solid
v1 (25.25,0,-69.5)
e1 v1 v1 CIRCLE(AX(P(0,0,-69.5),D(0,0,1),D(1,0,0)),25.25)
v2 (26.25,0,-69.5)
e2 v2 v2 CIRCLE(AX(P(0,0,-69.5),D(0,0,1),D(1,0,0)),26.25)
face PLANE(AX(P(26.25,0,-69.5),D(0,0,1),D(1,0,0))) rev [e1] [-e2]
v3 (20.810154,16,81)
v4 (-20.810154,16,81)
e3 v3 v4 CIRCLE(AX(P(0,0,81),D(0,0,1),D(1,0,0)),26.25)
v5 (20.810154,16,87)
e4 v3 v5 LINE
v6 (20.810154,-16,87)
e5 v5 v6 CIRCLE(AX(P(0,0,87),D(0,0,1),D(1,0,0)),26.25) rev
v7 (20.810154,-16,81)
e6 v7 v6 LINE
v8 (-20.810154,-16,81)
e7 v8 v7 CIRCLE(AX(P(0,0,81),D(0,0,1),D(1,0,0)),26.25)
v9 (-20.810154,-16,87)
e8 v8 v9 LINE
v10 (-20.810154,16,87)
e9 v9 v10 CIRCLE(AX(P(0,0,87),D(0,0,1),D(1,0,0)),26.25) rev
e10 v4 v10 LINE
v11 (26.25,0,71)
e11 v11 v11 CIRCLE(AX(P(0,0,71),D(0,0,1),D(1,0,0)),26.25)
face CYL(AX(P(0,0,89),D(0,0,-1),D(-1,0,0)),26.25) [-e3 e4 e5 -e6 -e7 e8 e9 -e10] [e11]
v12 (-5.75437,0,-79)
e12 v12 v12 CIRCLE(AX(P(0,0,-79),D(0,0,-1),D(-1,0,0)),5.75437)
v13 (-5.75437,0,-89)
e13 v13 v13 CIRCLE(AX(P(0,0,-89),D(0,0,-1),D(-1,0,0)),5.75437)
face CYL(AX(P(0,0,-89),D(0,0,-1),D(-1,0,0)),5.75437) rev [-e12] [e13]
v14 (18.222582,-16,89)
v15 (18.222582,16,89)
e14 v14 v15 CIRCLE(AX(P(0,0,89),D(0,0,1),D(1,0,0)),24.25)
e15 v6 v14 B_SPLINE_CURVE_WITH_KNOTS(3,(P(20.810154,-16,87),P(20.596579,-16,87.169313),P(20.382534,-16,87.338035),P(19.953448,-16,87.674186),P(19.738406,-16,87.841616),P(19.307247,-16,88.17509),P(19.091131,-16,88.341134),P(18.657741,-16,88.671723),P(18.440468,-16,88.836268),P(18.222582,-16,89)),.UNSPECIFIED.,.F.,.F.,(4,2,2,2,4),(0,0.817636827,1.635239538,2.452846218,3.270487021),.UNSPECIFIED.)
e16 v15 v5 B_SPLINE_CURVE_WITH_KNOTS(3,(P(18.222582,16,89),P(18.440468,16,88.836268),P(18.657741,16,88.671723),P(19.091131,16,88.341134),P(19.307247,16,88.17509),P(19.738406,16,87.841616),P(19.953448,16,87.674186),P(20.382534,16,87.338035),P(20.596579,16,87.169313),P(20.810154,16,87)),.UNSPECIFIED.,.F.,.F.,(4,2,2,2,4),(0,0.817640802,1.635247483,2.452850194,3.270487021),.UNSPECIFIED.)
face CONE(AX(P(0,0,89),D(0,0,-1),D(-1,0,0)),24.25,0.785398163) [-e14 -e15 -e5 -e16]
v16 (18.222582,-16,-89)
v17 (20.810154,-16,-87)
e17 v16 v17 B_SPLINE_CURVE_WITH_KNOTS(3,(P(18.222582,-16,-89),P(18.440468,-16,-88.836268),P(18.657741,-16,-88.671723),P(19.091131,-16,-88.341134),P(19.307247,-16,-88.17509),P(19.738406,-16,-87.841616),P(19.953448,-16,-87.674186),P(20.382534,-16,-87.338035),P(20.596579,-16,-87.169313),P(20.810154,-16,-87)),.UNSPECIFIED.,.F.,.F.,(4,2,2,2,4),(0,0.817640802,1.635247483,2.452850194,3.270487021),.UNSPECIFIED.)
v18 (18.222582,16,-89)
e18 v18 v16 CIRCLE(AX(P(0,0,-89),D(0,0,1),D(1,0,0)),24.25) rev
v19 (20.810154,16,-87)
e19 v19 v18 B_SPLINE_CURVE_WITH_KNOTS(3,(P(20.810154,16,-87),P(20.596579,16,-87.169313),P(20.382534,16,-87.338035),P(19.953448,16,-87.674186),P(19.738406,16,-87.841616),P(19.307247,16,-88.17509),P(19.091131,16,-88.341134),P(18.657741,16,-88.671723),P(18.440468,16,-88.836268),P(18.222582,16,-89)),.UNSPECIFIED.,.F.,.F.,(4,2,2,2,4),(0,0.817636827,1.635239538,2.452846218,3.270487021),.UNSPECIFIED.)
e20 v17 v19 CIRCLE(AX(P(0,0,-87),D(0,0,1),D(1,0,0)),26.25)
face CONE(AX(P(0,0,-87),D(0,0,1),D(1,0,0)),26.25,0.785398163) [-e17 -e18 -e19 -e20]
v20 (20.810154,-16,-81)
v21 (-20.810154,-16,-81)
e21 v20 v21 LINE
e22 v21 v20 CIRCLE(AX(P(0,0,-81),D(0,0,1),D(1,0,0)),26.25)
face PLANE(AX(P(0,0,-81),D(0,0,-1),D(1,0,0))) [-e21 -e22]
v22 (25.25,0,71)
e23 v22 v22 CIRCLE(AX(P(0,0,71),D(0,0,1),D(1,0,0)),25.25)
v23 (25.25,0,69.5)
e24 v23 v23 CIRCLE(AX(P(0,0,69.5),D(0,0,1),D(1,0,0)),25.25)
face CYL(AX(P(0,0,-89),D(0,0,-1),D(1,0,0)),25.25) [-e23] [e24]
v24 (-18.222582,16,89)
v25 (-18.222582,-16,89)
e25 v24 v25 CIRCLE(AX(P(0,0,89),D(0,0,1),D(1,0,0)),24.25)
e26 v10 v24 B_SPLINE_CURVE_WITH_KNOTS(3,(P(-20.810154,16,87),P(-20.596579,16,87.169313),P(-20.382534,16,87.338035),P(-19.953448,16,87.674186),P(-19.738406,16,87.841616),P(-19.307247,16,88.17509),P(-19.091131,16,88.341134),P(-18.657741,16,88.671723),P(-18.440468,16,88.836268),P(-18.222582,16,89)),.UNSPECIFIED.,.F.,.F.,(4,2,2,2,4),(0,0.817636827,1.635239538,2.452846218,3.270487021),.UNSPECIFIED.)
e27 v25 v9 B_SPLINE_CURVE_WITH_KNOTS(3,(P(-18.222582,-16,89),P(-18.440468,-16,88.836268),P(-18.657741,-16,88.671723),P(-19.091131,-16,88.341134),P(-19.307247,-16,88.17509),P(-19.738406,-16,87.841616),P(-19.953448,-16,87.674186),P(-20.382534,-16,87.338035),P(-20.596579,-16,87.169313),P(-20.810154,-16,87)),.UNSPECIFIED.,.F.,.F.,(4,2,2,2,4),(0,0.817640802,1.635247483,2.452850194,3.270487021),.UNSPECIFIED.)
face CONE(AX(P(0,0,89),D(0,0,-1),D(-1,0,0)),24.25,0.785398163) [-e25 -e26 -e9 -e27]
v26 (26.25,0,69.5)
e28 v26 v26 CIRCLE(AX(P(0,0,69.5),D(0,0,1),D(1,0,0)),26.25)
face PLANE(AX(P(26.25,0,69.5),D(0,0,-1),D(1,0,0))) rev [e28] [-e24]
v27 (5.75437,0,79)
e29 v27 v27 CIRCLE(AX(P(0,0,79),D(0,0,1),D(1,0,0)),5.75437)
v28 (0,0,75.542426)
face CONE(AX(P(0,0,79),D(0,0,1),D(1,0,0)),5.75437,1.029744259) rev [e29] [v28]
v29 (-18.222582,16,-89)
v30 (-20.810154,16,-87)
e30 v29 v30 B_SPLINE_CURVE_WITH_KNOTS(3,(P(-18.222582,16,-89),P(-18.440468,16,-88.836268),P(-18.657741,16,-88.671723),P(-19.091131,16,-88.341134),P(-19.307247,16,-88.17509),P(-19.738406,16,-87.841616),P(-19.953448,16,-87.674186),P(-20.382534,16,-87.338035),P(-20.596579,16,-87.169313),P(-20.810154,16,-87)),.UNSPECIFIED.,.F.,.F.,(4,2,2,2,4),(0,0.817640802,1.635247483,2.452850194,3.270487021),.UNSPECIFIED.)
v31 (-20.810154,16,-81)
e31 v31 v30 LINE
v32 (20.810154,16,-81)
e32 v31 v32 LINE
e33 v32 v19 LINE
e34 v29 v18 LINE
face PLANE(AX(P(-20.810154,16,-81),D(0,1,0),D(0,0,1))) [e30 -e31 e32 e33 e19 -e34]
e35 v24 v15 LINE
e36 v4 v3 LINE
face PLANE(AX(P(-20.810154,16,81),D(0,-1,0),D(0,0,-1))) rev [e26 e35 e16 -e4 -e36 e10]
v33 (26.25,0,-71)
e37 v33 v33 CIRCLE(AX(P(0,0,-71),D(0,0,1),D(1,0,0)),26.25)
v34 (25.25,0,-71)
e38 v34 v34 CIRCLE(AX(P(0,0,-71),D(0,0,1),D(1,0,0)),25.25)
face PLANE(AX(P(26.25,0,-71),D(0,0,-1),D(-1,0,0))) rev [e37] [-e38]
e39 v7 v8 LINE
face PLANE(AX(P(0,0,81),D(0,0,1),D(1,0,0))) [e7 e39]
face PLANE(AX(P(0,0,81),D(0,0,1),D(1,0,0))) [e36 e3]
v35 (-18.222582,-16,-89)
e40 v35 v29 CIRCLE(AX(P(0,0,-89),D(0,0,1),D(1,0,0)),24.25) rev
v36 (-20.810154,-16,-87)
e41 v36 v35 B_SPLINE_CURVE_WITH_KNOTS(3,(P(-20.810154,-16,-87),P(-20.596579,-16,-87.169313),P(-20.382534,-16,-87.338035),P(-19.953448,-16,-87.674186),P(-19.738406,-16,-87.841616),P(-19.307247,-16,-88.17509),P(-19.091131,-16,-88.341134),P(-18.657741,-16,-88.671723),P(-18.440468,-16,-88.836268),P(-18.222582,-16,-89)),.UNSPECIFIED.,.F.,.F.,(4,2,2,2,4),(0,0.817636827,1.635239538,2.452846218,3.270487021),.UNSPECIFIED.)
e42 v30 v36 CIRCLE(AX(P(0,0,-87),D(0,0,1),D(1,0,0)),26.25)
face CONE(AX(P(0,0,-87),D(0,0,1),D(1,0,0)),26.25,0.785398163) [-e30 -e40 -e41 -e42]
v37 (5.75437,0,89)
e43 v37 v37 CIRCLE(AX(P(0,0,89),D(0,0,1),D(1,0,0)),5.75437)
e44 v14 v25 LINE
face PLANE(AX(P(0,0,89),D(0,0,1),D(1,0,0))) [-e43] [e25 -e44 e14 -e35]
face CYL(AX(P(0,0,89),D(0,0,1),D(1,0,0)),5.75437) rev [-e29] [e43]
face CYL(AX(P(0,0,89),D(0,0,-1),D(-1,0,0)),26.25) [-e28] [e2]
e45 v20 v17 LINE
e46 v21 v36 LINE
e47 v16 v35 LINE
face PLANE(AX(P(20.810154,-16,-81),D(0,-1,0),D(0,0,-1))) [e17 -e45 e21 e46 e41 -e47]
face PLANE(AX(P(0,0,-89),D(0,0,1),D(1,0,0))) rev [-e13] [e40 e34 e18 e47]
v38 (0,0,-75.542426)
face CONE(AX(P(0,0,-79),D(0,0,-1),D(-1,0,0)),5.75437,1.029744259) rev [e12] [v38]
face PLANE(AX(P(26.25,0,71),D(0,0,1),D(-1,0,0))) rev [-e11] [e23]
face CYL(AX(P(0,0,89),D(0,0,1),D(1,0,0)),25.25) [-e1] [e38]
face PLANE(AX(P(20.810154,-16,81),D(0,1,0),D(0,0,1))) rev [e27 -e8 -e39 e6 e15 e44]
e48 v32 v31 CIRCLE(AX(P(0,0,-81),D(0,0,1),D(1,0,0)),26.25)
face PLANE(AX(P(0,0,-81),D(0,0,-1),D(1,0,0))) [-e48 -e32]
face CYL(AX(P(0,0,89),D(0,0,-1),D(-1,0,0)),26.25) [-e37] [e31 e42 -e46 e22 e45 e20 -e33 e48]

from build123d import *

# Parameters (mm, degrees)
SKETCH1_R           = 26.25
BOSS_EXTRUDE1_DEPTH = 89
CUT_EXTRUDE1_DEPTH  = 8
SKETCH29_W          = 1
SKETCH29_H          = 1.5
CHAMFER1_SIZE       = 2


with BuildPart() as part:
    # Sketch1 → Boss-Extrude1 (new, symmetric)
    with BuildSketch(Plane.XY):
        Circle(SKETCH1_R)
    extrude(amount=BOSS_EXTRUDE1_DEPTH, both=True)

    # Sketch2 → Cut-Extrude1 (cut)
    with BuildSketch(Plane.XY.offset(89)):
        with BuildLine():
            Line((-20.810153772, 16), (20.810153772, 16))
            ThreePointArc((20.810153772, 16), (0, 26.25), (-20.810153772, 16))
        make_face()
        with BuildLine():
            Line((20.810153772, -16), (-20.810153772, -16))
            ThreePointArc((-20.810153772, -16), (0, -26.25), (20.810153772, -16))
        make_face()
    cut_extrude1 = extrude(amount=-CUT_EXTRUDE1_DEPTH, mode=Mode.SUBTRACT)

    # Sketch27 → 1/2-20 Tapped Hole3 (revolve, cut)
    with BuildSketch(Plane(origin=(0, 0, 89), x_dir=(0, -1, 0), z_dir=(1, 0, 0))):
        Polygon((0, 0), (0, 13.45757432), (5.75437, 10), (5.75437, 0), align=None)
    f_1_2_20_tapped_hole3 = revolve(axis=Axis((0, 0, 95.35), (0, 0, -1)), mode=Mode.SUBTRACT)

    # Mirror2: Cut-Extrude1, 1/2-20 Tapped Hole3 across plane
    add(cut_extrude1.mirror(Plane.XY), mode=Mode.SUBTRACT)
    add(f_1_2_20_tapped_hole3.mirror(Plane.XY), mode=Mode.SUBTRACT)

    # Sketch29 → Cut-Revolve1 (revolve, cut)
    with BuildSketch(Plane(origin=(0, 0, 0), x_dir=(1, 0, 0), z_dir=(0, 1, 0)), mode=Mode.PRIVATE) as cut_revolve1_sk:
        with Locations((25.75, 70.25)):
            Rectangle(SKETCH29_W, SKETCH29_H)
    cut_revolve1 = revolve(cut_revolve1_sk.sketch.rotate(Axis((0, 0, 89), (0, 0, -1)), 217.555079253), axis=Axis((0, 0, 89), (0, 0, -1)), mode=Mode.SUBTRACT)

    # Mirror3: Cut-Revolve1 across plane
    add(cut_revolve1.mirror(Plane.XY), mode=Mode.SUBTRACT)

    # Chamfer1
    chamfer1_edges = [part.edges().sort_by_distance(p)[0] for p in [
        (-26.25, 0, -89),
        (24.852857346, -8.449732644, -89),
        (-26.25, 0, 89),
        (24.852857346, 8.449732644, 89),
    ]]
    chamfer(chamfer1_edges, length=CHAMFER1_SIZE)


solid = part.part
